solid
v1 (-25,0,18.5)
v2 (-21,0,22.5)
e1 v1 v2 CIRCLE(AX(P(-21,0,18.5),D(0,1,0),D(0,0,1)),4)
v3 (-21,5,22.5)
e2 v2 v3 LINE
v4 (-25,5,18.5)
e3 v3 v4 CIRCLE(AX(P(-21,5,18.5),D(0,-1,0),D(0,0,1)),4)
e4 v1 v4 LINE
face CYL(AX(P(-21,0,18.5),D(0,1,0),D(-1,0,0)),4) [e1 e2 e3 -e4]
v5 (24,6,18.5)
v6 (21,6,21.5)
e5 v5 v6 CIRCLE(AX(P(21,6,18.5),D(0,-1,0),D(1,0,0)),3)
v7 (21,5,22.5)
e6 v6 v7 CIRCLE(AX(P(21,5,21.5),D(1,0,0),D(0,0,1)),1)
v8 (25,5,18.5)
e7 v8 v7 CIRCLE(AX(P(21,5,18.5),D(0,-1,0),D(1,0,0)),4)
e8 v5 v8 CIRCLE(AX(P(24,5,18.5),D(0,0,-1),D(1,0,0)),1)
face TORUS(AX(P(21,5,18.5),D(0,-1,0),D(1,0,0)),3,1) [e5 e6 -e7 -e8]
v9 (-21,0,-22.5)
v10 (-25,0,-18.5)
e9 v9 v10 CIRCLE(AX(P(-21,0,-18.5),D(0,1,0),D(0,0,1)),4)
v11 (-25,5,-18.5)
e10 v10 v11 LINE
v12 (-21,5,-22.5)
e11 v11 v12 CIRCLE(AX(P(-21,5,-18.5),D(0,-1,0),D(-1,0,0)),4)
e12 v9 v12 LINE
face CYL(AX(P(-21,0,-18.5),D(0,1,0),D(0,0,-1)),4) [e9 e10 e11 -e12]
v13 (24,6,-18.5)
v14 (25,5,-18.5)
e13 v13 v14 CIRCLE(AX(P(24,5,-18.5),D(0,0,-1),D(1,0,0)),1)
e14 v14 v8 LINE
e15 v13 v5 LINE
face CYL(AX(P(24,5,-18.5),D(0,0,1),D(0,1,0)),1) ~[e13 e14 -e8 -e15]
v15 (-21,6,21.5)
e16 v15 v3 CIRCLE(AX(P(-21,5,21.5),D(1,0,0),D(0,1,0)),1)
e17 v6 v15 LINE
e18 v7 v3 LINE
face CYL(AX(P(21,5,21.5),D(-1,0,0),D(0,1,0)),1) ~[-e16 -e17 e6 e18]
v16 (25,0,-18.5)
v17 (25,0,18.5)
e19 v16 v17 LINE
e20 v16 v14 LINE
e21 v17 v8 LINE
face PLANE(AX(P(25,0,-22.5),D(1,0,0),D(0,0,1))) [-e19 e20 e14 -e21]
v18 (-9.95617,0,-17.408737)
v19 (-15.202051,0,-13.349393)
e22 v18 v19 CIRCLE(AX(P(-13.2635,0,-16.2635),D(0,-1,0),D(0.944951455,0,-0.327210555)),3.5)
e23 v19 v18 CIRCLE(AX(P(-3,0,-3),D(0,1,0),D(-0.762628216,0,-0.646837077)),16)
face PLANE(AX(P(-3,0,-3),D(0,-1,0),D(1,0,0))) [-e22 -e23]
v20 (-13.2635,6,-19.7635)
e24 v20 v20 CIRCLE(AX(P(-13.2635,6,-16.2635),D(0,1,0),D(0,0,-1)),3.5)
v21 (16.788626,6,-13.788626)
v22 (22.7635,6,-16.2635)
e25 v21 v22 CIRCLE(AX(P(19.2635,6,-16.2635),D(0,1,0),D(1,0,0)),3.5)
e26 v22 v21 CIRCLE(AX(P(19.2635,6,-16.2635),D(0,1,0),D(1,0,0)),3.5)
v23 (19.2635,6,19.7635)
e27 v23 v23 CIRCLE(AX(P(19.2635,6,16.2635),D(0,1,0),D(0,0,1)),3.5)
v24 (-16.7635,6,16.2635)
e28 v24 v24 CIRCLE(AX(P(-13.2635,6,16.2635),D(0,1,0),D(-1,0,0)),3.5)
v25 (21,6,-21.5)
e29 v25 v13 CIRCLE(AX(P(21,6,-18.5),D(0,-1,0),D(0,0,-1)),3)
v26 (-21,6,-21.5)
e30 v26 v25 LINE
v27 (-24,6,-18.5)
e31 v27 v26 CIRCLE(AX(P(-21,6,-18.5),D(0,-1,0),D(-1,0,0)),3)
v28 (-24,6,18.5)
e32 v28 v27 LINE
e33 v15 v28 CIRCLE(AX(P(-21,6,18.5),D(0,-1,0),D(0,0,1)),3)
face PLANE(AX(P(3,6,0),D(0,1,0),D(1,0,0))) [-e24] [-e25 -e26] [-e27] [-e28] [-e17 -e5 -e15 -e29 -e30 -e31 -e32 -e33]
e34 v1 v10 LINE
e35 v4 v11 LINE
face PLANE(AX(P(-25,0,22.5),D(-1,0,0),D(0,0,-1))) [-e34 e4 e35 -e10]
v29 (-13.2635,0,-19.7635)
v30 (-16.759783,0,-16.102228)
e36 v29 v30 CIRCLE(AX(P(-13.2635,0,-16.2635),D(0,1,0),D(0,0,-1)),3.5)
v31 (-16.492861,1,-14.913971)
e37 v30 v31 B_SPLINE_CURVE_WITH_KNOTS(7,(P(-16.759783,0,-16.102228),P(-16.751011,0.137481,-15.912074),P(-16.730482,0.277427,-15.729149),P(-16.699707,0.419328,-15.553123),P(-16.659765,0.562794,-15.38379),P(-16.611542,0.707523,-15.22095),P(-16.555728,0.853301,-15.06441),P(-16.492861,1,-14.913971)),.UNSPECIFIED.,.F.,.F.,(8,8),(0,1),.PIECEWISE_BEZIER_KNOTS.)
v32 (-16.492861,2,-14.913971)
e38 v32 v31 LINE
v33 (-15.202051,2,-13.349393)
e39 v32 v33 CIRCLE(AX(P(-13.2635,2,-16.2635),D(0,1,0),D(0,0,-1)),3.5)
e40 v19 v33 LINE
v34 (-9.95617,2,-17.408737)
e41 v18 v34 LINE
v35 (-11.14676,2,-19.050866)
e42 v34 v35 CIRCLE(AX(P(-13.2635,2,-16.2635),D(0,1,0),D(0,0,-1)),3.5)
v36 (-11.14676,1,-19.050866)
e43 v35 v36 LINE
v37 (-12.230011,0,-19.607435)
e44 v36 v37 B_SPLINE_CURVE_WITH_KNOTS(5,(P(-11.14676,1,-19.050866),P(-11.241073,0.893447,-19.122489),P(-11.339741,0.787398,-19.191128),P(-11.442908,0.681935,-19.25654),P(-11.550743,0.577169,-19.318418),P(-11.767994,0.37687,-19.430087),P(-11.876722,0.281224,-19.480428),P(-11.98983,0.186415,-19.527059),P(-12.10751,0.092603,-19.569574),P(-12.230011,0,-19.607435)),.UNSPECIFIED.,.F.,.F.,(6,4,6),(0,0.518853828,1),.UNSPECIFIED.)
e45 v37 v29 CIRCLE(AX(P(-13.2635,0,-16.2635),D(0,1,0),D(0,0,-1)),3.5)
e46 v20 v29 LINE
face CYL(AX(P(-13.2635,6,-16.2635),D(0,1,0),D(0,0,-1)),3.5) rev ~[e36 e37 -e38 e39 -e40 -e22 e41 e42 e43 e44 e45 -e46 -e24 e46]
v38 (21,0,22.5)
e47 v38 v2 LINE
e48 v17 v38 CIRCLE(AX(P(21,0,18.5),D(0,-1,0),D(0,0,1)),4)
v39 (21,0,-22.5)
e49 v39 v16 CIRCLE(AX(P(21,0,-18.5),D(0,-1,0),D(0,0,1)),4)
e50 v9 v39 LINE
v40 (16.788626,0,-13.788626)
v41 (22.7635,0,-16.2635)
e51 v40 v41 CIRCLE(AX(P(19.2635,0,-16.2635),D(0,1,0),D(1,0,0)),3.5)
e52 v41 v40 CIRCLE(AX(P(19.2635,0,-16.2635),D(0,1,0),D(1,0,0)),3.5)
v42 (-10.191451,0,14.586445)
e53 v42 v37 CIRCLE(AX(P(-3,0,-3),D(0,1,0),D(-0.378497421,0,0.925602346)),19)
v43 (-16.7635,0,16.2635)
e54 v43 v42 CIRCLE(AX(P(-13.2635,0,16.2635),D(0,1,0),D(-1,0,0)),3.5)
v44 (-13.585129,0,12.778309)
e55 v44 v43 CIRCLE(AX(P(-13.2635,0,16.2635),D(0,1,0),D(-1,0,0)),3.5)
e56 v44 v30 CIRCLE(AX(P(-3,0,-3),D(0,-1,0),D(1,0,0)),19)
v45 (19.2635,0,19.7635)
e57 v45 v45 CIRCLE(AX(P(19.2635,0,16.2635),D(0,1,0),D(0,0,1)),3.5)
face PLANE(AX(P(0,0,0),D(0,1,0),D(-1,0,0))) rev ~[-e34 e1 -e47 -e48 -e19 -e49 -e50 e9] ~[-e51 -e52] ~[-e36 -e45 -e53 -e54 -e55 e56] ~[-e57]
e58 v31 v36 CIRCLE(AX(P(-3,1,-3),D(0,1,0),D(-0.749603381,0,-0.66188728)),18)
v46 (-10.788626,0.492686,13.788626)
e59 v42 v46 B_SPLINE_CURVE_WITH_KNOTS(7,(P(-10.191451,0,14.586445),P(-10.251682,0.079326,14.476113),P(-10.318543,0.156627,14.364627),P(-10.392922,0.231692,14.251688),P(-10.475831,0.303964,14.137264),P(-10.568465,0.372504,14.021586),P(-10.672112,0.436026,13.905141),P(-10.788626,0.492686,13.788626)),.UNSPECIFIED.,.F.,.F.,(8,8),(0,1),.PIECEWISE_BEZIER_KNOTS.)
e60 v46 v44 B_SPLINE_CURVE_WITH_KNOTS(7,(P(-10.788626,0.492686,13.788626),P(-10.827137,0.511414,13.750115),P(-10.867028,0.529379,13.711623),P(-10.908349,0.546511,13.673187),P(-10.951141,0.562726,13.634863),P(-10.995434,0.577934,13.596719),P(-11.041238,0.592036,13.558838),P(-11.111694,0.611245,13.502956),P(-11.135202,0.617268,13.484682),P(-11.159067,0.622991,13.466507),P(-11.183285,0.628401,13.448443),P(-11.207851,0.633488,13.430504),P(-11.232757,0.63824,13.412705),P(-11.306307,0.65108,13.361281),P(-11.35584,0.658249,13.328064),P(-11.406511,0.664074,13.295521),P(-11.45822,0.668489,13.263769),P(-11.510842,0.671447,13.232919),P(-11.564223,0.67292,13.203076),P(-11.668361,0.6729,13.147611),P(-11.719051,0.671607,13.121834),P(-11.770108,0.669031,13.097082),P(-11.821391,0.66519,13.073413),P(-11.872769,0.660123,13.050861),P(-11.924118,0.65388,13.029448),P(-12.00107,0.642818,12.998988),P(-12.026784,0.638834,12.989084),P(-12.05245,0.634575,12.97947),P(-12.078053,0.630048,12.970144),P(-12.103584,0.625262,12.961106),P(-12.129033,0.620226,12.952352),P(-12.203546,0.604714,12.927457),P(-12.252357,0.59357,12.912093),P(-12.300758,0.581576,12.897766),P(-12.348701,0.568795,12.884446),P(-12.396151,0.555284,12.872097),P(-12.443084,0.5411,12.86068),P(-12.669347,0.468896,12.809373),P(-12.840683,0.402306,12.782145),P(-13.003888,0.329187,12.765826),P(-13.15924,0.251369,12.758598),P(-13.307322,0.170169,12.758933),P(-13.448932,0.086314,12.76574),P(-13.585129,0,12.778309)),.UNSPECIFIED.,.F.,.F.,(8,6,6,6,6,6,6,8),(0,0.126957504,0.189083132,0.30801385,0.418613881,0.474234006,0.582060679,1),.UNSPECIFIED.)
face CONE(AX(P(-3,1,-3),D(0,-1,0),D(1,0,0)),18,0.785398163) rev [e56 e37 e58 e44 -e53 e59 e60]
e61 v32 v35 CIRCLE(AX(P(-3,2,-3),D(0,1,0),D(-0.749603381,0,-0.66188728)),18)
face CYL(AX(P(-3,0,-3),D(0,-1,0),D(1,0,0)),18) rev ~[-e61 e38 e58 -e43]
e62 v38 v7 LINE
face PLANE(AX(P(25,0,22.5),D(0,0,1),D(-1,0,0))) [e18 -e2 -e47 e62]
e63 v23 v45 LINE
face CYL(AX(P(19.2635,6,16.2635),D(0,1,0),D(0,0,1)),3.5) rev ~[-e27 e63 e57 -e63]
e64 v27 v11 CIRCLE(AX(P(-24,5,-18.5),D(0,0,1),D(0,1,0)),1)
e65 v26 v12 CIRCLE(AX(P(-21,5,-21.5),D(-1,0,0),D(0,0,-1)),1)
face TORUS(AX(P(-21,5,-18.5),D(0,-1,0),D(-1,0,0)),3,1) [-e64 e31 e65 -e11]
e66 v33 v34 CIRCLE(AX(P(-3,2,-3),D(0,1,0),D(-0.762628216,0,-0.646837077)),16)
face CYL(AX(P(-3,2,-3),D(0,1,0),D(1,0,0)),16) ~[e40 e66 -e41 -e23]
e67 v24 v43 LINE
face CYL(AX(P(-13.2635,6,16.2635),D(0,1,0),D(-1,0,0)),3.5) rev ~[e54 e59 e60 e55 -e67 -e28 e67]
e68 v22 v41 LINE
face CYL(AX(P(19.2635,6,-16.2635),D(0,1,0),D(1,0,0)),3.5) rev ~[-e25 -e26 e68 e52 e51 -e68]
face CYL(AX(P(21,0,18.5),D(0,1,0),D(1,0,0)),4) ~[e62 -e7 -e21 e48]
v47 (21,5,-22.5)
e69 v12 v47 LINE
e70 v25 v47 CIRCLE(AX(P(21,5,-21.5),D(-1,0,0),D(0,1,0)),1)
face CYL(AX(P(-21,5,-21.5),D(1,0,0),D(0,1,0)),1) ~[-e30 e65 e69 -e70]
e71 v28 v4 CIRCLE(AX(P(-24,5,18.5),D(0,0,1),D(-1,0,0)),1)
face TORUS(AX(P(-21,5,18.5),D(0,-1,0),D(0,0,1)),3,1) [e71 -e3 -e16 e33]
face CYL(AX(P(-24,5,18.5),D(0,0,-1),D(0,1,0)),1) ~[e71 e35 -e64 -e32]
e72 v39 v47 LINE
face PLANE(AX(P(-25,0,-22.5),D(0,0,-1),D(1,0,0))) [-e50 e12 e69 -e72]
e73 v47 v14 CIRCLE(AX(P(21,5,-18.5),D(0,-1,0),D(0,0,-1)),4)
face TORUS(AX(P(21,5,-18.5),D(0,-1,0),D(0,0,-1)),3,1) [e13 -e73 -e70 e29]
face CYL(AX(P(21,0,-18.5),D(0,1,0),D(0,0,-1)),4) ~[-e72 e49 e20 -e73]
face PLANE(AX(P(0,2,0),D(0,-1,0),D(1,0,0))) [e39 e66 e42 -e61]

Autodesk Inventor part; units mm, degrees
ref_plane "YZ Plane" through (0, 0, 0) normal (1, 0, 0) x (0, 1, 0)
ref_plane "XZ Plane" through (0, 0, 0) normal (0, 1, 0) x (-1, 0, 0)
ref_plane "XY Plane" through (0, 0, 0) normal (0, 0, 1) x (1, 0, 0)
sketch "Sketch1" plane through (0, 0, 0) normal (0, 1, 0) x (-1, 0, 0)
  line L0 (25, -22.5) -> (-25, -22.5)
  line L1 (-25, -22.5) -> (-25, 22.5)
  line L2 (-25, 22.5) -> (25, 22.5)
  line L3 (25, 22.5) -> (25, -22.5)
  line L4 (25, -22.5) -> (-25, 22.5) construction
  line L5 (-25, -22.5) -> (25, 22.5) construction
  line L6 (0, 0) -> (-3, 0)
  circle A0 centre (-3, 0) radius 16
  line L7 (-3, 0) -> (-19.2635, -16.2635)
  line L8 (-3, 0) -> (20, 0) construction
  circle A1 centre (-19.2635, -16.2635) radius 3.5
  dimension "d0" = 50
  dimension "d1" = 45
  dimension "d35" = 0
  dimension "d36" = 3
  dimension "d37" = 32
  dimension "d38" = 23
  dimension "d39" = 135
  dimension "d40" = 7
extrude "Extrusion1" add sketch "Sketch1" along normal blind 6 contours L0 L1 L2 L3 | A0 | A1
fillet "Fillet1" radius 4 4 edges at (25, 3, 22.5) (25, 3, -22.5) (-25, 3, -22.5) (-25, 3, 22.5)
fillet "Fillet2" radius 1 8 edges at (23.8284, 6, 21.3284) (25, 6, 0) (23.8284, 6, -21.3284) (0, 6, -22.5) (-23.8284, 6, -21.3284) (-25, 6, 0) (-23.8284, 6, 21.3284) (0, 6, 22.5)
sketch "Sketch6" plane through (0, 0, 0) normal (0, -1, 0) x (1, 0, 0)
  circle A0 centre (-3, -3) radius 18
  point P0 (0, 0)
  dimension "d21" = 36
extrude "Extrusion6" cut sketch "Sketch6" against normal blind 2
sketch "Sketch7" plane through (-3, 2, -3) normal (0, -1, 0) x (1, 0, 0)
  circle A0 centre (0, 0) radius 16
  point P0 (3, 3)
  dimension "d27" = 32
extrude "Extrusion7" add sketch "Sketch7" along normal blind 2
chamfer "Chamfer1" distance 1 distance2 1 1 edges at (-21, 0, -3) measured on face at (21.6667, 0, -1)
sketch "Sketch10" plane through (0, 6, 0) normal (0, 1, 0) x (1, 0, 0)
  line L0 (0, 0) -> (3, 0)
  line L1 (3, 0) -> (19.2635, 16.2635)
  circle A0 centre (19.2635, 16.2635) radius 3.5
  dimension "d43" = 3
  dimension "d44" = 23
  dimension "d45" = 135
  dimension "d46" = 7
extrude "Extrusion8" cut sketch "Sketch10" against normal blind 10
sketch "Sketch11" plane through (0, 6, 0) normal (0, 1, 0) x (1, 0, 0)
  circle A0 centre (3, 0) radius 16
  point P0 (0, 0)
  dimension "d49" = 32
extrude "Extrusion9" cut sketch "Sketch11" against normal blind 2
pattern_circular "Circular Pattern2" count 4 over 360 about axis through (3, 6, 0) along (0, -1, 0) of "Extrusion8"
sketch "Sketch12" plane through (3, 4, 0) normal (0, 1, 0) x (1, 0, 0)
  circle A0 centre (0, 0) radius 16
  point P0 (-3, 0)
  dimension "d55" = 32
extrude "Extrusion10" add sketch "Sketch12" along normal blind 2
properties part number "cylinder head"
